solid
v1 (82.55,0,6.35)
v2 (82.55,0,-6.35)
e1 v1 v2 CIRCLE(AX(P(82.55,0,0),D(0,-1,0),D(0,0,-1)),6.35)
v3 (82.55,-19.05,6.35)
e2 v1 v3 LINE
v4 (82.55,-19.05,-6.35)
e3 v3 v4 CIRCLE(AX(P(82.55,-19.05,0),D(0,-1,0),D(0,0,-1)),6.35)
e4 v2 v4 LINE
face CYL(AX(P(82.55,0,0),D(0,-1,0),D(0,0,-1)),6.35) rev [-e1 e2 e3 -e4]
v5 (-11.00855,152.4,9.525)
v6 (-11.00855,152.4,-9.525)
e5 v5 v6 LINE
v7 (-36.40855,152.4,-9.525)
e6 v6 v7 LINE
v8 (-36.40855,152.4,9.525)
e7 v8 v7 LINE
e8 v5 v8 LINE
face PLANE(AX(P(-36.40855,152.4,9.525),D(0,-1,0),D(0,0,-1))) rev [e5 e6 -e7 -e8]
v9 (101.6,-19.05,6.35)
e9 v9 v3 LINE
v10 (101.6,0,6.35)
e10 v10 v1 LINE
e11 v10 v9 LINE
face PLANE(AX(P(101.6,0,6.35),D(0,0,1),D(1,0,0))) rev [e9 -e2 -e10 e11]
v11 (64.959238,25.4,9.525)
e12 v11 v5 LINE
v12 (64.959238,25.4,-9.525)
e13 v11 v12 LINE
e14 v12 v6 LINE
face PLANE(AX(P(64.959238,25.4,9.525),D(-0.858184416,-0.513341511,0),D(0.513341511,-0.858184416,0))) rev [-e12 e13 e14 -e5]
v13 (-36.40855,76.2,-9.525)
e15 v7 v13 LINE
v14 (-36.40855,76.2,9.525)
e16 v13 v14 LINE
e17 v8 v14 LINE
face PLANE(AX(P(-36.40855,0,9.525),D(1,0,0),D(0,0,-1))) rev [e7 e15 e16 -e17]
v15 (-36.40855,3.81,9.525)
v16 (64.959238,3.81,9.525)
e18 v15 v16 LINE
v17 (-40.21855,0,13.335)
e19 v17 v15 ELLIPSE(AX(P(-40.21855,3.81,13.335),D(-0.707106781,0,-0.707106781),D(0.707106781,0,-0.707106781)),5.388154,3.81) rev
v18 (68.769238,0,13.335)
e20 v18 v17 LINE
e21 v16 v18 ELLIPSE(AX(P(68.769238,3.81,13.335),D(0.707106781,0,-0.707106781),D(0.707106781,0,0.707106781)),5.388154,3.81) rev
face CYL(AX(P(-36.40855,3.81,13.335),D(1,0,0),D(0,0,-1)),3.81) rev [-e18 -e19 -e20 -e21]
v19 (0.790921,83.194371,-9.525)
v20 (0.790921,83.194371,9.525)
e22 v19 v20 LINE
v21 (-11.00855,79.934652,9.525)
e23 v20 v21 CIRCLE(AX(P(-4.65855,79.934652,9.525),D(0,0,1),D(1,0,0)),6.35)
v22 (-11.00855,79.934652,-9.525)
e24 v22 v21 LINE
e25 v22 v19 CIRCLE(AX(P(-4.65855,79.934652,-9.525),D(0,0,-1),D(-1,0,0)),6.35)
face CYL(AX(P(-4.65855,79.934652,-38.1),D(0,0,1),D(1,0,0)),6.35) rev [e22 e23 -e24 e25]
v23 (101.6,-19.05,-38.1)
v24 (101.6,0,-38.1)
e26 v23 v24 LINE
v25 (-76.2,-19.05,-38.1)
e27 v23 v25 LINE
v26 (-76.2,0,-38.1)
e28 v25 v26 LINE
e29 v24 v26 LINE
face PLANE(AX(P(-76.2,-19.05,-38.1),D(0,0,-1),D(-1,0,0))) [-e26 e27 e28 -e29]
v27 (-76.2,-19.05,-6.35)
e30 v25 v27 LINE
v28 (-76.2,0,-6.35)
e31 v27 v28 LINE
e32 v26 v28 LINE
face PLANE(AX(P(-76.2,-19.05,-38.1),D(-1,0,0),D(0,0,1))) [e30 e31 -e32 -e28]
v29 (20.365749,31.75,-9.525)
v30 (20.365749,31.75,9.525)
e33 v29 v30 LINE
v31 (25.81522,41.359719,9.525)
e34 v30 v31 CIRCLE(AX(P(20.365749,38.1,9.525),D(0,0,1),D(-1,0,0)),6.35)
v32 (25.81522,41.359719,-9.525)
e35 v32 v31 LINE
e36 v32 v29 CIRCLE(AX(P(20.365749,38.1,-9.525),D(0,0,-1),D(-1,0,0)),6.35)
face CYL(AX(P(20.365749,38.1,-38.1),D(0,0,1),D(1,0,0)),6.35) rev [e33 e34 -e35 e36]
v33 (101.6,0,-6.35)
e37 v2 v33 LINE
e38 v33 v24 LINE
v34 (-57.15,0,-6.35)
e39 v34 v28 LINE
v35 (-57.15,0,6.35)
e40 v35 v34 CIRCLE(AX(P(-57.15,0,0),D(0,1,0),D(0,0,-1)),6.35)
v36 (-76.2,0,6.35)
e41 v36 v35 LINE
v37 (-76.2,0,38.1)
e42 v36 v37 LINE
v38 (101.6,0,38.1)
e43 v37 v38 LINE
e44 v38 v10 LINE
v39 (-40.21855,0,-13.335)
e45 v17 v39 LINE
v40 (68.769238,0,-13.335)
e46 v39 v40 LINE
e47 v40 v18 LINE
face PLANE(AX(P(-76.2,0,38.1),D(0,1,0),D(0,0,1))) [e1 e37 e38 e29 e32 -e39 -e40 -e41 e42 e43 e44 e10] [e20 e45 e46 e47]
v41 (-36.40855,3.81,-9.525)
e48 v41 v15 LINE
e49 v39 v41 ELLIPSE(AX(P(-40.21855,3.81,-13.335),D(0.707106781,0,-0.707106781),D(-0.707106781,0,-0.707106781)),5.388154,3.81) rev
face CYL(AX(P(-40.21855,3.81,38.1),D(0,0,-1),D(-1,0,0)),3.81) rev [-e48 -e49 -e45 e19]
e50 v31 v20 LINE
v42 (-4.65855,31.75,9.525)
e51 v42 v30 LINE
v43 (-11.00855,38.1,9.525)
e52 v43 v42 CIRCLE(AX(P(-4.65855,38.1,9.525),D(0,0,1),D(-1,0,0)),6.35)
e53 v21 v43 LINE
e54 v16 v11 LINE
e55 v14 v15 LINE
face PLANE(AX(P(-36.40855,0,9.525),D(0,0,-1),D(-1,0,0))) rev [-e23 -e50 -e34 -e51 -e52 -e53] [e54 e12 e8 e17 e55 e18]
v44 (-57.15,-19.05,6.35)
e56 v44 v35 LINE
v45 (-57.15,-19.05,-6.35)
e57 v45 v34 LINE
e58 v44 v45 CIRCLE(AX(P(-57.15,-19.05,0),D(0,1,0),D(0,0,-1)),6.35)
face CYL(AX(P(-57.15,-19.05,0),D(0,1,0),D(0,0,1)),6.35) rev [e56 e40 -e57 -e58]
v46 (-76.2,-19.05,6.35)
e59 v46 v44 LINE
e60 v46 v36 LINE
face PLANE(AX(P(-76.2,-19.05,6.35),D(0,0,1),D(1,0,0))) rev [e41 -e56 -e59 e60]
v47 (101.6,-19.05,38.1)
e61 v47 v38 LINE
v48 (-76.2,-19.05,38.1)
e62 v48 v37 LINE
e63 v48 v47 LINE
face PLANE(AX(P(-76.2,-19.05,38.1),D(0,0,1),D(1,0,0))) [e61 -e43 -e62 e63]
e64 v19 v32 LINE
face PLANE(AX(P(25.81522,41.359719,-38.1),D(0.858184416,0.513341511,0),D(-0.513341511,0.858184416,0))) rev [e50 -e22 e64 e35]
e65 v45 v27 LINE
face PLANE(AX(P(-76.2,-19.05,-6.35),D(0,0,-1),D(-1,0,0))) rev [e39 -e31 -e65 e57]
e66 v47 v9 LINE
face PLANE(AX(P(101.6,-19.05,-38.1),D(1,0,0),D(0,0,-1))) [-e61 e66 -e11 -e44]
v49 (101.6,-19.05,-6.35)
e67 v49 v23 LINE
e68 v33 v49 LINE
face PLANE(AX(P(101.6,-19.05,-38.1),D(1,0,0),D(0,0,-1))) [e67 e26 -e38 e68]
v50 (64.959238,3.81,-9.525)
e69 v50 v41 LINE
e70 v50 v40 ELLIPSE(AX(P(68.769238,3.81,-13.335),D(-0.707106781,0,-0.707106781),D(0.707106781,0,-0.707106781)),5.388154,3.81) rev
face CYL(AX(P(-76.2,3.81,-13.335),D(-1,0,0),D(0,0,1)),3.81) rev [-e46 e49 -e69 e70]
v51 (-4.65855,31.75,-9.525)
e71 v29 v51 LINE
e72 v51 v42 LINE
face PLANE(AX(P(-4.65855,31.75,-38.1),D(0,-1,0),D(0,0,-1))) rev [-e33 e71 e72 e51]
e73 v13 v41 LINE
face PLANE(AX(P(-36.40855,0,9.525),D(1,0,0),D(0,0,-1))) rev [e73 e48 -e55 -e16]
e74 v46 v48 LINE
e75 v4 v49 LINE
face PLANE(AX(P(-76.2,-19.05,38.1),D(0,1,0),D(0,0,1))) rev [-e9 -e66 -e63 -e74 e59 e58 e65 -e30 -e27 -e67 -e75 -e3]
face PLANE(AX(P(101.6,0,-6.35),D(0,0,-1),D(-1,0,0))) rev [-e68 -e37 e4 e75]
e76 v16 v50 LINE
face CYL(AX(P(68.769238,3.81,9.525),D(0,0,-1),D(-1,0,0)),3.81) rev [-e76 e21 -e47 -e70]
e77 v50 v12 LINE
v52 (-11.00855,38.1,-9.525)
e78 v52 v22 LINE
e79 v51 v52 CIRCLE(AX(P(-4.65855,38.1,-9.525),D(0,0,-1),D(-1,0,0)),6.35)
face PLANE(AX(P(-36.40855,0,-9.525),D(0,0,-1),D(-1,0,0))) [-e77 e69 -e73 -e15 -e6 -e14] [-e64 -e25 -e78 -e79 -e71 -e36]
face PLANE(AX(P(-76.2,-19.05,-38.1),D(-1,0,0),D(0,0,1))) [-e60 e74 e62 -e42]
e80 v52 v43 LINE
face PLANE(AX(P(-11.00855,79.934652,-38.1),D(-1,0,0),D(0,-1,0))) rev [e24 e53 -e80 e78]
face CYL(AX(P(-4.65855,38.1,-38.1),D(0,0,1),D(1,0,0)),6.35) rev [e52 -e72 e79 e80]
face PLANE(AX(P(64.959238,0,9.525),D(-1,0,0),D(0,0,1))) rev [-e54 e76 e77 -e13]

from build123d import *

# Parameters (mm, degrees)
SKETCH1_W                  = 177.8
SKETCH1_H                  = 76.2
MILLING_SUPPORT_BASE_DEPTH = 19.05
BOLT_SLOT_LEFT_END_DEPTH   = 20.05
BOLT_SLOT_RIGHT_END_DEPTH  = 20.05
OUTER_TRIANGLE_DEPTH       = 9.525
INNER_TRIANGLE_DEPTH       = 48.625
FILLET_AT_TRIANGLE_BASE_R  = 3.81


with BuildPart() as part:
    # Sketch1 → Milling Support Base (new body)
    with BuildSketch(Plane(origin=(0, 0, 0), x_dir=(1, 0, 0), z_dir=(0, 1, 0))):
        with Locations((12.7, 0)):
            Rectangle(SKETCH1_W, SKETCH1_H)
    extrude(amount=-MILLING_SUPPORT_BASE_DEPTH)

    # Sketch2 → Bolt Slot Left End (cut, through all)
    with BuildSketch(Plane(origin=(0, 0, 0), x_dir=(1, 0, 0), z_dir=(0, 1, 0))):
        with BuildLine():
            Line((-76.2, 6.35), (-57.15, 6.35))
            ThreePointArc((-57.15, 6.35), (-50.8, 0), (-57.15, -6.35))
            Line((-57.15, -6.35), (-76.2, -6.35))
            Line((-76.2, -6.35), (-76.2, 6.35))
        make_face()
    extrude(amount=-BOLT_SLOT_LEFT_END_DEPTH, mode=Mode.SUBTRACT)

    # Sketch3 → Bolt Slot Right End (cut, through all)
    with BuildSketch(Plane.XZ.offset(19.05)):
        with BuildLine():
            Line((101.6, 6.35), (82.55, 6.35))
            ThreePointArc((82.55, 6.35), (76.2, 0), (82.55, -6.35))
            Line((82.55, -6.35), (101.6, -6.35))
            Line((101.6, -6.35), (101.6, 6.35))
        make_face()
    extrude(amount=-BOLT_SLOT_RIGHT_END_DEPTH, mode=Mode.SUBTRACT)

    # Sketch4 → Outer Triangle (add, symmetric)
    with BuildSketch(Plane.XY):
        Polygon((-36.408550143, 0), (-36.408550143, 152.4), (-11.008550143, 152.4), (64.959238023, 25.4), (64.959238023, 0), align=None)
    extrude(amount=OUTER_TRIANGLE_DEPTH, both=True)

    # Sketch5 → Inner Triangle (cut, through all)
    with BuildSketch(Plane.XY.offset(9.525)):
        with BuildLine():
            Line((-4.658550143, 31.75), (20.365749185, 31.75))
            ThreePointArc((20.365749185, 31.75), (25.889412512, 34.967645701), (25.81522023, 41.359718598))
            Line((25.81522023, 41.359718598), (0.790920902, 83.194371039))
            ThreePointArc((0.790920902, 83.194371039), (-6.349460972, 86.055381202), (-11.008550143, 79.934652441))
            Line((-11.008550143, 79.934652441), (-11.008550143, 38.1))
            ThreePointArc((-11.008550143, 38.1), (-9.148678203, 33.609871939), (-4.658550143, 31.75))
        make_face()
    extrude(amount=-INNER_TRIANGLE_DEPTH, mode=Mode.SUBTRACT)

    # Fillet at Triangle base
    fillet_at_triangle_base_edges = [part.edges().sort_by_distance(p)[0] for p in [
        (14.27534394, 0, -9.525),
        (-36.408550143, 0, 0),
        (64.959238023, 0, 0),
        (14.27534394, 0, 9.525),
    ]]
    fillet(fillet_at_triangle_base_edges, radius=FILLET_AT_TRIANGLE_BASE_R)


solid = part.part
